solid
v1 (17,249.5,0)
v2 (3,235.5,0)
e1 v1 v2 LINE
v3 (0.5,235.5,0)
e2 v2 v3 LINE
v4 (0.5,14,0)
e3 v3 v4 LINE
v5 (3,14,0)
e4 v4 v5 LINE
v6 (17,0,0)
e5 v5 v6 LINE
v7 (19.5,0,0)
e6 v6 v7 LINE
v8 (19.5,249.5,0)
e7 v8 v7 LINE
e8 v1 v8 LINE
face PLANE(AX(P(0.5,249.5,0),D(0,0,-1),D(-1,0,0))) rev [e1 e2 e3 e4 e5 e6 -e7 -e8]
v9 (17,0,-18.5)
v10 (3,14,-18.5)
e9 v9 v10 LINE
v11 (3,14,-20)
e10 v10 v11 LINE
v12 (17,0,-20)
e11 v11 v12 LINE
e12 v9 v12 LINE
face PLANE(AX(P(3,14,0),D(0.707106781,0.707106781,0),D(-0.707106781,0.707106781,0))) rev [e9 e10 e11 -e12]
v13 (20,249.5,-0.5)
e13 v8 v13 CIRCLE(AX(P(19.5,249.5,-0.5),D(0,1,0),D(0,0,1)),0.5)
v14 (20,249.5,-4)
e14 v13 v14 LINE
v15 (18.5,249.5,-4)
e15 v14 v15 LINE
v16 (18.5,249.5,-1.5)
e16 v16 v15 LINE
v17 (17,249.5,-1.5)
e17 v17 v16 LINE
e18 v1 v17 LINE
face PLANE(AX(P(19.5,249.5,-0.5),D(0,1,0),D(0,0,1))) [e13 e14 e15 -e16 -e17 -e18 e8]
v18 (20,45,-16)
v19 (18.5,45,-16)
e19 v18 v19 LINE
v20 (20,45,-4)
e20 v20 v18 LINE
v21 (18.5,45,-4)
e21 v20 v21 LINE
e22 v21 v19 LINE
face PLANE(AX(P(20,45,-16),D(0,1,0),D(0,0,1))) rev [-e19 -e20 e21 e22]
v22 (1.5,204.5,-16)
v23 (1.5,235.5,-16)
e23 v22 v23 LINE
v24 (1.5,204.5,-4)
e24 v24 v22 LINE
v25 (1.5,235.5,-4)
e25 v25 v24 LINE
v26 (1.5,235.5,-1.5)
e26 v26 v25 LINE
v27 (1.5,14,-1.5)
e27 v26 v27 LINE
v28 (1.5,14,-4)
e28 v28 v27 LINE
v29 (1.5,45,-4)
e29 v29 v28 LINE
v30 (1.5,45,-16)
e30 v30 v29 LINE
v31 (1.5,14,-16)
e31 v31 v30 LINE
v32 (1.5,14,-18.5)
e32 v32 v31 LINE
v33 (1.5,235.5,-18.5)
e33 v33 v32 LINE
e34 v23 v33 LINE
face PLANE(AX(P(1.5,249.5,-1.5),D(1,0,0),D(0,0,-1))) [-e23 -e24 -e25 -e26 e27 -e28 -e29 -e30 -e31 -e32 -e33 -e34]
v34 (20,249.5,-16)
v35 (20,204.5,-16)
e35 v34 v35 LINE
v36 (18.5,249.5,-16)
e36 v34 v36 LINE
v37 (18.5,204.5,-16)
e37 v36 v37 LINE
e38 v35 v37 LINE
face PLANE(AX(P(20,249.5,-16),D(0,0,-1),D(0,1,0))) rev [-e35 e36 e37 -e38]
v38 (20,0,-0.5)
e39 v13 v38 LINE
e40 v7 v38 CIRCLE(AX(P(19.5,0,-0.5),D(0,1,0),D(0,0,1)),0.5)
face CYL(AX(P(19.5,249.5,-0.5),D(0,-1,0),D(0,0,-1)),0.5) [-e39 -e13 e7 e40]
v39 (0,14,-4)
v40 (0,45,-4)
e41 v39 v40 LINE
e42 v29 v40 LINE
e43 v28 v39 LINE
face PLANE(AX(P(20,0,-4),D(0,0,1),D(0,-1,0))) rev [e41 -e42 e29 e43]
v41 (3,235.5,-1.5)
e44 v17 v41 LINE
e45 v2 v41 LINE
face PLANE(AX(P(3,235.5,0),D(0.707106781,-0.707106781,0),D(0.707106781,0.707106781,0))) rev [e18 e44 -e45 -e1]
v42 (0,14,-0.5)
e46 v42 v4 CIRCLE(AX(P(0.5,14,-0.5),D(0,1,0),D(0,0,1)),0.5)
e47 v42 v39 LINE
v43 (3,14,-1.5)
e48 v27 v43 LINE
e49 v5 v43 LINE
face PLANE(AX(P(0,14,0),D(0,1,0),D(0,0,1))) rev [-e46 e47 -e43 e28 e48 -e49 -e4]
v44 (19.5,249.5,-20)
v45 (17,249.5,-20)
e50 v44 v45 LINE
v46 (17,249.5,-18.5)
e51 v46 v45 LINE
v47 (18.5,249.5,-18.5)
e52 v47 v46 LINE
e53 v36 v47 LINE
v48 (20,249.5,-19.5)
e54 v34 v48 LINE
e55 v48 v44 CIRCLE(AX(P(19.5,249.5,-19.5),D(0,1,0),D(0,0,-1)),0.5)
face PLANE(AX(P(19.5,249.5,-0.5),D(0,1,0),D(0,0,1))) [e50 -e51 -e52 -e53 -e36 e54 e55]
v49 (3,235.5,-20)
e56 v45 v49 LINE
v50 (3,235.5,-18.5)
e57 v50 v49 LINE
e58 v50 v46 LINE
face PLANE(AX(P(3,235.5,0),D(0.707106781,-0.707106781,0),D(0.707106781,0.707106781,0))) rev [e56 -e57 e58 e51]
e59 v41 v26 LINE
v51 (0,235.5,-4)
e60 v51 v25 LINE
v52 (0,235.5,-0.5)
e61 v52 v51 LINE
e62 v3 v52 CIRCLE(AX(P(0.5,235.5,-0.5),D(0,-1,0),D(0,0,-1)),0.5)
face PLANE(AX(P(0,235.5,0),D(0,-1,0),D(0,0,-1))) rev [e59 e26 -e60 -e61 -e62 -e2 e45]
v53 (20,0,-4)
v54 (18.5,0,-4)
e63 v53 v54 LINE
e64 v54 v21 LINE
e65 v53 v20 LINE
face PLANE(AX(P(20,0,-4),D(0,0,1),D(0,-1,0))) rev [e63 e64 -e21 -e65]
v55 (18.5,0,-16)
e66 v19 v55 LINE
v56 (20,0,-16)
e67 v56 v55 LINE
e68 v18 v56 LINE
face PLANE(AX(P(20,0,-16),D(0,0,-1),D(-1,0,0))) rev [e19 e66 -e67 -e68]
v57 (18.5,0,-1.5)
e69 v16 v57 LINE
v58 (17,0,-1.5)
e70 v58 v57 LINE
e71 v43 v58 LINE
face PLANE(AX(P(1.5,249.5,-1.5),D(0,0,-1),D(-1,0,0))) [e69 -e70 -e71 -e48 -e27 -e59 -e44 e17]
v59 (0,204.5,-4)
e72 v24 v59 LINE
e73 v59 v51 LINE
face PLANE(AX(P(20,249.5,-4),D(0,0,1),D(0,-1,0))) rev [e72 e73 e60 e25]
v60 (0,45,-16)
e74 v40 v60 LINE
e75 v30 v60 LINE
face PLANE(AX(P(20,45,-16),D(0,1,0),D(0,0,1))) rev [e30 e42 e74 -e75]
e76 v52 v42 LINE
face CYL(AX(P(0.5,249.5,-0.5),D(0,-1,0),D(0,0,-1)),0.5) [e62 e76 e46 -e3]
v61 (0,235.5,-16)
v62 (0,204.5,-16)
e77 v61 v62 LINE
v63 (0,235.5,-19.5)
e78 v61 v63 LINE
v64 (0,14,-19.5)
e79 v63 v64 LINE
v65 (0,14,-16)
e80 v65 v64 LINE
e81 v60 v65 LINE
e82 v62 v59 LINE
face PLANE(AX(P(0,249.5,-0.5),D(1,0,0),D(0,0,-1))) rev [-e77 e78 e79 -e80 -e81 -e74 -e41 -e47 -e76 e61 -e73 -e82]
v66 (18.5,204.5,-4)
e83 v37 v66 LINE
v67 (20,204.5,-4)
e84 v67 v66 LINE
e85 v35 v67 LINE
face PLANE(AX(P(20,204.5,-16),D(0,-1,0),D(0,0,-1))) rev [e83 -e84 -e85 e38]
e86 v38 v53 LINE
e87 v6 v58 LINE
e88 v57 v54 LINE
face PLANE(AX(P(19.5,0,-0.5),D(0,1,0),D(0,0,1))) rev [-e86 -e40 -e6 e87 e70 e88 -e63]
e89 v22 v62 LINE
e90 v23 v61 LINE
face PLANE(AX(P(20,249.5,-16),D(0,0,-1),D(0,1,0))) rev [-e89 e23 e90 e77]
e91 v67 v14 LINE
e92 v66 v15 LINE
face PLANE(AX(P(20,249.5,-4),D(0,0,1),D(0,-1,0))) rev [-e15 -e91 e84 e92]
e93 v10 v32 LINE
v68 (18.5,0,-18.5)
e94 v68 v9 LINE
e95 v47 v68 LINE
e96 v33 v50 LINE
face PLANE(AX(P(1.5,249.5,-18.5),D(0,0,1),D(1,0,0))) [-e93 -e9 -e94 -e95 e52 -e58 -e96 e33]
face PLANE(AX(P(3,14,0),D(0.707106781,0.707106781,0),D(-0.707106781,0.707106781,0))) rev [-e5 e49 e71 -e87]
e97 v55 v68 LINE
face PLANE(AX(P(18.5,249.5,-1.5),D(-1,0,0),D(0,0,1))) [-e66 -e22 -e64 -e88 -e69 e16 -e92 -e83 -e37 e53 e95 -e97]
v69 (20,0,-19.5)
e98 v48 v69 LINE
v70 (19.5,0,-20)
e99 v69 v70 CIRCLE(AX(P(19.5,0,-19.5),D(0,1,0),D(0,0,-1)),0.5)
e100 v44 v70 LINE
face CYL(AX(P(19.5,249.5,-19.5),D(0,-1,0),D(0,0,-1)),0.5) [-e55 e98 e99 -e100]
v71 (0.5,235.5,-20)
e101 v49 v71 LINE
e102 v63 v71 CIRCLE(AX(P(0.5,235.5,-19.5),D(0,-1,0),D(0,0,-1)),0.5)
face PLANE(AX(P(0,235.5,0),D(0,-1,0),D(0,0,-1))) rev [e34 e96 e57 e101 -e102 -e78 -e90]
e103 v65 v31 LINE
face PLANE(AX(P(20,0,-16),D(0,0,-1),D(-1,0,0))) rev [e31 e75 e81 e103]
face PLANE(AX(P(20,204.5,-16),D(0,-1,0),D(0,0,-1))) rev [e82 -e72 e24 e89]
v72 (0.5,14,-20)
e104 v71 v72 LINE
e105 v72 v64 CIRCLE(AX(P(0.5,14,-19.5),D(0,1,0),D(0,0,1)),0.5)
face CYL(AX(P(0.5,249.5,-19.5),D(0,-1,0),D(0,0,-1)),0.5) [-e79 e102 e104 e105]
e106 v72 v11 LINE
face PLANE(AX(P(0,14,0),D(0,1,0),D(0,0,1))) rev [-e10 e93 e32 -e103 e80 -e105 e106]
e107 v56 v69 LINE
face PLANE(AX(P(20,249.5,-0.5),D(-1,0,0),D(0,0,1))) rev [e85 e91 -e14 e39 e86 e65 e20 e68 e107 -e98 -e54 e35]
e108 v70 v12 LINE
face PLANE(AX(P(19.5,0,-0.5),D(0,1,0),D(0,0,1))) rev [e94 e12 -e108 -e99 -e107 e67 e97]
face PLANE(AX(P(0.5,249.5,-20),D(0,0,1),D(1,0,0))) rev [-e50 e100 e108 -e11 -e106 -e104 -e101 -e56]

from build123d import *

# Parameters (mm, degrees)
SKETCH1_W           = 17
SKETCH1_H           = 17
BOSS_EXTRUDE1_DEPTH = 249.5
SKETCH2_W           = 12
SKETCH2_H           = 45
CUT_EXTRUDE1_DEPTH  = 252.098088404
CUT_EXTRUDE2_DEPTH  = 252.098088404


with BuildPart() as part:
    # Sketch1 → Boss-Extrude1 (new body)
    with BuildSketch(Plane(origin=(0, 0, 0), x_dir=(1, 0, 0), z_dir=(0, 1, 0))):
        with BuildLine():
            Line((0.5, 0), (19.5, 0))
            ThreePointArc((19.5, 0), (19.853553391, 0.146446609), (20, 0.5))
            Line((20, 0.5), (20, 19.5))
            ThreePointArc((20, 19.5), (19.853553391, 19.853553391), (19.5, 20))
            Line((19.5, 20), (0.5, 20))
            ThreePointArc((0.5, 20), (0.146446609, 19.853553391), (0, 19.5))
            Line((0, 19.5), (0, 0.5))
            ThreePointArc((0, 0.5), (0.146446609, 0.146446609), (0.5, 0))
        make_face()
        with Locations((10, 10)):
            Rectangle(SKETCH1_W, SKETCH1_H, mode=Mode.SUBTRACT)
    extrude(amount=BOSS_EXTRUDE1_DEPTH)

    # Sketch2 → Cut-Extrude1 (cut, through all)
    with BuildSketch(Plane.ZY):
        with Locations((-10, 22.5)):
            Rectangle(SKETCH2_W, SKETCH2_H)
        with Locations((-10, 227)):
            Rectangle(SKETCH2_W, SKETCH2_H)
    extrude(amount=-CUT_EXTRUDE1_DEPTH, mode=Mode.SUBTRACT)

    # Sketch3 → Cut-Extrude2 (cut, through all)
    with BuildSketch(Plane(origin=(0, 0, -20), x_dir=(-1, 0, 0), z_dir=(0, 0, -1))):
        Polygon((0, 235.5), (-3, 235.5), (-17, 249.5), (0, 249.5), align=None)
        Polygon((-17, 0), (0, 0), (0, 14), (-3, 14), align=None)
    extrude(amount=-CUT_EXTRUDE2_DEPTH, mode=Mode.SUBTRACT)


solid = part.part
